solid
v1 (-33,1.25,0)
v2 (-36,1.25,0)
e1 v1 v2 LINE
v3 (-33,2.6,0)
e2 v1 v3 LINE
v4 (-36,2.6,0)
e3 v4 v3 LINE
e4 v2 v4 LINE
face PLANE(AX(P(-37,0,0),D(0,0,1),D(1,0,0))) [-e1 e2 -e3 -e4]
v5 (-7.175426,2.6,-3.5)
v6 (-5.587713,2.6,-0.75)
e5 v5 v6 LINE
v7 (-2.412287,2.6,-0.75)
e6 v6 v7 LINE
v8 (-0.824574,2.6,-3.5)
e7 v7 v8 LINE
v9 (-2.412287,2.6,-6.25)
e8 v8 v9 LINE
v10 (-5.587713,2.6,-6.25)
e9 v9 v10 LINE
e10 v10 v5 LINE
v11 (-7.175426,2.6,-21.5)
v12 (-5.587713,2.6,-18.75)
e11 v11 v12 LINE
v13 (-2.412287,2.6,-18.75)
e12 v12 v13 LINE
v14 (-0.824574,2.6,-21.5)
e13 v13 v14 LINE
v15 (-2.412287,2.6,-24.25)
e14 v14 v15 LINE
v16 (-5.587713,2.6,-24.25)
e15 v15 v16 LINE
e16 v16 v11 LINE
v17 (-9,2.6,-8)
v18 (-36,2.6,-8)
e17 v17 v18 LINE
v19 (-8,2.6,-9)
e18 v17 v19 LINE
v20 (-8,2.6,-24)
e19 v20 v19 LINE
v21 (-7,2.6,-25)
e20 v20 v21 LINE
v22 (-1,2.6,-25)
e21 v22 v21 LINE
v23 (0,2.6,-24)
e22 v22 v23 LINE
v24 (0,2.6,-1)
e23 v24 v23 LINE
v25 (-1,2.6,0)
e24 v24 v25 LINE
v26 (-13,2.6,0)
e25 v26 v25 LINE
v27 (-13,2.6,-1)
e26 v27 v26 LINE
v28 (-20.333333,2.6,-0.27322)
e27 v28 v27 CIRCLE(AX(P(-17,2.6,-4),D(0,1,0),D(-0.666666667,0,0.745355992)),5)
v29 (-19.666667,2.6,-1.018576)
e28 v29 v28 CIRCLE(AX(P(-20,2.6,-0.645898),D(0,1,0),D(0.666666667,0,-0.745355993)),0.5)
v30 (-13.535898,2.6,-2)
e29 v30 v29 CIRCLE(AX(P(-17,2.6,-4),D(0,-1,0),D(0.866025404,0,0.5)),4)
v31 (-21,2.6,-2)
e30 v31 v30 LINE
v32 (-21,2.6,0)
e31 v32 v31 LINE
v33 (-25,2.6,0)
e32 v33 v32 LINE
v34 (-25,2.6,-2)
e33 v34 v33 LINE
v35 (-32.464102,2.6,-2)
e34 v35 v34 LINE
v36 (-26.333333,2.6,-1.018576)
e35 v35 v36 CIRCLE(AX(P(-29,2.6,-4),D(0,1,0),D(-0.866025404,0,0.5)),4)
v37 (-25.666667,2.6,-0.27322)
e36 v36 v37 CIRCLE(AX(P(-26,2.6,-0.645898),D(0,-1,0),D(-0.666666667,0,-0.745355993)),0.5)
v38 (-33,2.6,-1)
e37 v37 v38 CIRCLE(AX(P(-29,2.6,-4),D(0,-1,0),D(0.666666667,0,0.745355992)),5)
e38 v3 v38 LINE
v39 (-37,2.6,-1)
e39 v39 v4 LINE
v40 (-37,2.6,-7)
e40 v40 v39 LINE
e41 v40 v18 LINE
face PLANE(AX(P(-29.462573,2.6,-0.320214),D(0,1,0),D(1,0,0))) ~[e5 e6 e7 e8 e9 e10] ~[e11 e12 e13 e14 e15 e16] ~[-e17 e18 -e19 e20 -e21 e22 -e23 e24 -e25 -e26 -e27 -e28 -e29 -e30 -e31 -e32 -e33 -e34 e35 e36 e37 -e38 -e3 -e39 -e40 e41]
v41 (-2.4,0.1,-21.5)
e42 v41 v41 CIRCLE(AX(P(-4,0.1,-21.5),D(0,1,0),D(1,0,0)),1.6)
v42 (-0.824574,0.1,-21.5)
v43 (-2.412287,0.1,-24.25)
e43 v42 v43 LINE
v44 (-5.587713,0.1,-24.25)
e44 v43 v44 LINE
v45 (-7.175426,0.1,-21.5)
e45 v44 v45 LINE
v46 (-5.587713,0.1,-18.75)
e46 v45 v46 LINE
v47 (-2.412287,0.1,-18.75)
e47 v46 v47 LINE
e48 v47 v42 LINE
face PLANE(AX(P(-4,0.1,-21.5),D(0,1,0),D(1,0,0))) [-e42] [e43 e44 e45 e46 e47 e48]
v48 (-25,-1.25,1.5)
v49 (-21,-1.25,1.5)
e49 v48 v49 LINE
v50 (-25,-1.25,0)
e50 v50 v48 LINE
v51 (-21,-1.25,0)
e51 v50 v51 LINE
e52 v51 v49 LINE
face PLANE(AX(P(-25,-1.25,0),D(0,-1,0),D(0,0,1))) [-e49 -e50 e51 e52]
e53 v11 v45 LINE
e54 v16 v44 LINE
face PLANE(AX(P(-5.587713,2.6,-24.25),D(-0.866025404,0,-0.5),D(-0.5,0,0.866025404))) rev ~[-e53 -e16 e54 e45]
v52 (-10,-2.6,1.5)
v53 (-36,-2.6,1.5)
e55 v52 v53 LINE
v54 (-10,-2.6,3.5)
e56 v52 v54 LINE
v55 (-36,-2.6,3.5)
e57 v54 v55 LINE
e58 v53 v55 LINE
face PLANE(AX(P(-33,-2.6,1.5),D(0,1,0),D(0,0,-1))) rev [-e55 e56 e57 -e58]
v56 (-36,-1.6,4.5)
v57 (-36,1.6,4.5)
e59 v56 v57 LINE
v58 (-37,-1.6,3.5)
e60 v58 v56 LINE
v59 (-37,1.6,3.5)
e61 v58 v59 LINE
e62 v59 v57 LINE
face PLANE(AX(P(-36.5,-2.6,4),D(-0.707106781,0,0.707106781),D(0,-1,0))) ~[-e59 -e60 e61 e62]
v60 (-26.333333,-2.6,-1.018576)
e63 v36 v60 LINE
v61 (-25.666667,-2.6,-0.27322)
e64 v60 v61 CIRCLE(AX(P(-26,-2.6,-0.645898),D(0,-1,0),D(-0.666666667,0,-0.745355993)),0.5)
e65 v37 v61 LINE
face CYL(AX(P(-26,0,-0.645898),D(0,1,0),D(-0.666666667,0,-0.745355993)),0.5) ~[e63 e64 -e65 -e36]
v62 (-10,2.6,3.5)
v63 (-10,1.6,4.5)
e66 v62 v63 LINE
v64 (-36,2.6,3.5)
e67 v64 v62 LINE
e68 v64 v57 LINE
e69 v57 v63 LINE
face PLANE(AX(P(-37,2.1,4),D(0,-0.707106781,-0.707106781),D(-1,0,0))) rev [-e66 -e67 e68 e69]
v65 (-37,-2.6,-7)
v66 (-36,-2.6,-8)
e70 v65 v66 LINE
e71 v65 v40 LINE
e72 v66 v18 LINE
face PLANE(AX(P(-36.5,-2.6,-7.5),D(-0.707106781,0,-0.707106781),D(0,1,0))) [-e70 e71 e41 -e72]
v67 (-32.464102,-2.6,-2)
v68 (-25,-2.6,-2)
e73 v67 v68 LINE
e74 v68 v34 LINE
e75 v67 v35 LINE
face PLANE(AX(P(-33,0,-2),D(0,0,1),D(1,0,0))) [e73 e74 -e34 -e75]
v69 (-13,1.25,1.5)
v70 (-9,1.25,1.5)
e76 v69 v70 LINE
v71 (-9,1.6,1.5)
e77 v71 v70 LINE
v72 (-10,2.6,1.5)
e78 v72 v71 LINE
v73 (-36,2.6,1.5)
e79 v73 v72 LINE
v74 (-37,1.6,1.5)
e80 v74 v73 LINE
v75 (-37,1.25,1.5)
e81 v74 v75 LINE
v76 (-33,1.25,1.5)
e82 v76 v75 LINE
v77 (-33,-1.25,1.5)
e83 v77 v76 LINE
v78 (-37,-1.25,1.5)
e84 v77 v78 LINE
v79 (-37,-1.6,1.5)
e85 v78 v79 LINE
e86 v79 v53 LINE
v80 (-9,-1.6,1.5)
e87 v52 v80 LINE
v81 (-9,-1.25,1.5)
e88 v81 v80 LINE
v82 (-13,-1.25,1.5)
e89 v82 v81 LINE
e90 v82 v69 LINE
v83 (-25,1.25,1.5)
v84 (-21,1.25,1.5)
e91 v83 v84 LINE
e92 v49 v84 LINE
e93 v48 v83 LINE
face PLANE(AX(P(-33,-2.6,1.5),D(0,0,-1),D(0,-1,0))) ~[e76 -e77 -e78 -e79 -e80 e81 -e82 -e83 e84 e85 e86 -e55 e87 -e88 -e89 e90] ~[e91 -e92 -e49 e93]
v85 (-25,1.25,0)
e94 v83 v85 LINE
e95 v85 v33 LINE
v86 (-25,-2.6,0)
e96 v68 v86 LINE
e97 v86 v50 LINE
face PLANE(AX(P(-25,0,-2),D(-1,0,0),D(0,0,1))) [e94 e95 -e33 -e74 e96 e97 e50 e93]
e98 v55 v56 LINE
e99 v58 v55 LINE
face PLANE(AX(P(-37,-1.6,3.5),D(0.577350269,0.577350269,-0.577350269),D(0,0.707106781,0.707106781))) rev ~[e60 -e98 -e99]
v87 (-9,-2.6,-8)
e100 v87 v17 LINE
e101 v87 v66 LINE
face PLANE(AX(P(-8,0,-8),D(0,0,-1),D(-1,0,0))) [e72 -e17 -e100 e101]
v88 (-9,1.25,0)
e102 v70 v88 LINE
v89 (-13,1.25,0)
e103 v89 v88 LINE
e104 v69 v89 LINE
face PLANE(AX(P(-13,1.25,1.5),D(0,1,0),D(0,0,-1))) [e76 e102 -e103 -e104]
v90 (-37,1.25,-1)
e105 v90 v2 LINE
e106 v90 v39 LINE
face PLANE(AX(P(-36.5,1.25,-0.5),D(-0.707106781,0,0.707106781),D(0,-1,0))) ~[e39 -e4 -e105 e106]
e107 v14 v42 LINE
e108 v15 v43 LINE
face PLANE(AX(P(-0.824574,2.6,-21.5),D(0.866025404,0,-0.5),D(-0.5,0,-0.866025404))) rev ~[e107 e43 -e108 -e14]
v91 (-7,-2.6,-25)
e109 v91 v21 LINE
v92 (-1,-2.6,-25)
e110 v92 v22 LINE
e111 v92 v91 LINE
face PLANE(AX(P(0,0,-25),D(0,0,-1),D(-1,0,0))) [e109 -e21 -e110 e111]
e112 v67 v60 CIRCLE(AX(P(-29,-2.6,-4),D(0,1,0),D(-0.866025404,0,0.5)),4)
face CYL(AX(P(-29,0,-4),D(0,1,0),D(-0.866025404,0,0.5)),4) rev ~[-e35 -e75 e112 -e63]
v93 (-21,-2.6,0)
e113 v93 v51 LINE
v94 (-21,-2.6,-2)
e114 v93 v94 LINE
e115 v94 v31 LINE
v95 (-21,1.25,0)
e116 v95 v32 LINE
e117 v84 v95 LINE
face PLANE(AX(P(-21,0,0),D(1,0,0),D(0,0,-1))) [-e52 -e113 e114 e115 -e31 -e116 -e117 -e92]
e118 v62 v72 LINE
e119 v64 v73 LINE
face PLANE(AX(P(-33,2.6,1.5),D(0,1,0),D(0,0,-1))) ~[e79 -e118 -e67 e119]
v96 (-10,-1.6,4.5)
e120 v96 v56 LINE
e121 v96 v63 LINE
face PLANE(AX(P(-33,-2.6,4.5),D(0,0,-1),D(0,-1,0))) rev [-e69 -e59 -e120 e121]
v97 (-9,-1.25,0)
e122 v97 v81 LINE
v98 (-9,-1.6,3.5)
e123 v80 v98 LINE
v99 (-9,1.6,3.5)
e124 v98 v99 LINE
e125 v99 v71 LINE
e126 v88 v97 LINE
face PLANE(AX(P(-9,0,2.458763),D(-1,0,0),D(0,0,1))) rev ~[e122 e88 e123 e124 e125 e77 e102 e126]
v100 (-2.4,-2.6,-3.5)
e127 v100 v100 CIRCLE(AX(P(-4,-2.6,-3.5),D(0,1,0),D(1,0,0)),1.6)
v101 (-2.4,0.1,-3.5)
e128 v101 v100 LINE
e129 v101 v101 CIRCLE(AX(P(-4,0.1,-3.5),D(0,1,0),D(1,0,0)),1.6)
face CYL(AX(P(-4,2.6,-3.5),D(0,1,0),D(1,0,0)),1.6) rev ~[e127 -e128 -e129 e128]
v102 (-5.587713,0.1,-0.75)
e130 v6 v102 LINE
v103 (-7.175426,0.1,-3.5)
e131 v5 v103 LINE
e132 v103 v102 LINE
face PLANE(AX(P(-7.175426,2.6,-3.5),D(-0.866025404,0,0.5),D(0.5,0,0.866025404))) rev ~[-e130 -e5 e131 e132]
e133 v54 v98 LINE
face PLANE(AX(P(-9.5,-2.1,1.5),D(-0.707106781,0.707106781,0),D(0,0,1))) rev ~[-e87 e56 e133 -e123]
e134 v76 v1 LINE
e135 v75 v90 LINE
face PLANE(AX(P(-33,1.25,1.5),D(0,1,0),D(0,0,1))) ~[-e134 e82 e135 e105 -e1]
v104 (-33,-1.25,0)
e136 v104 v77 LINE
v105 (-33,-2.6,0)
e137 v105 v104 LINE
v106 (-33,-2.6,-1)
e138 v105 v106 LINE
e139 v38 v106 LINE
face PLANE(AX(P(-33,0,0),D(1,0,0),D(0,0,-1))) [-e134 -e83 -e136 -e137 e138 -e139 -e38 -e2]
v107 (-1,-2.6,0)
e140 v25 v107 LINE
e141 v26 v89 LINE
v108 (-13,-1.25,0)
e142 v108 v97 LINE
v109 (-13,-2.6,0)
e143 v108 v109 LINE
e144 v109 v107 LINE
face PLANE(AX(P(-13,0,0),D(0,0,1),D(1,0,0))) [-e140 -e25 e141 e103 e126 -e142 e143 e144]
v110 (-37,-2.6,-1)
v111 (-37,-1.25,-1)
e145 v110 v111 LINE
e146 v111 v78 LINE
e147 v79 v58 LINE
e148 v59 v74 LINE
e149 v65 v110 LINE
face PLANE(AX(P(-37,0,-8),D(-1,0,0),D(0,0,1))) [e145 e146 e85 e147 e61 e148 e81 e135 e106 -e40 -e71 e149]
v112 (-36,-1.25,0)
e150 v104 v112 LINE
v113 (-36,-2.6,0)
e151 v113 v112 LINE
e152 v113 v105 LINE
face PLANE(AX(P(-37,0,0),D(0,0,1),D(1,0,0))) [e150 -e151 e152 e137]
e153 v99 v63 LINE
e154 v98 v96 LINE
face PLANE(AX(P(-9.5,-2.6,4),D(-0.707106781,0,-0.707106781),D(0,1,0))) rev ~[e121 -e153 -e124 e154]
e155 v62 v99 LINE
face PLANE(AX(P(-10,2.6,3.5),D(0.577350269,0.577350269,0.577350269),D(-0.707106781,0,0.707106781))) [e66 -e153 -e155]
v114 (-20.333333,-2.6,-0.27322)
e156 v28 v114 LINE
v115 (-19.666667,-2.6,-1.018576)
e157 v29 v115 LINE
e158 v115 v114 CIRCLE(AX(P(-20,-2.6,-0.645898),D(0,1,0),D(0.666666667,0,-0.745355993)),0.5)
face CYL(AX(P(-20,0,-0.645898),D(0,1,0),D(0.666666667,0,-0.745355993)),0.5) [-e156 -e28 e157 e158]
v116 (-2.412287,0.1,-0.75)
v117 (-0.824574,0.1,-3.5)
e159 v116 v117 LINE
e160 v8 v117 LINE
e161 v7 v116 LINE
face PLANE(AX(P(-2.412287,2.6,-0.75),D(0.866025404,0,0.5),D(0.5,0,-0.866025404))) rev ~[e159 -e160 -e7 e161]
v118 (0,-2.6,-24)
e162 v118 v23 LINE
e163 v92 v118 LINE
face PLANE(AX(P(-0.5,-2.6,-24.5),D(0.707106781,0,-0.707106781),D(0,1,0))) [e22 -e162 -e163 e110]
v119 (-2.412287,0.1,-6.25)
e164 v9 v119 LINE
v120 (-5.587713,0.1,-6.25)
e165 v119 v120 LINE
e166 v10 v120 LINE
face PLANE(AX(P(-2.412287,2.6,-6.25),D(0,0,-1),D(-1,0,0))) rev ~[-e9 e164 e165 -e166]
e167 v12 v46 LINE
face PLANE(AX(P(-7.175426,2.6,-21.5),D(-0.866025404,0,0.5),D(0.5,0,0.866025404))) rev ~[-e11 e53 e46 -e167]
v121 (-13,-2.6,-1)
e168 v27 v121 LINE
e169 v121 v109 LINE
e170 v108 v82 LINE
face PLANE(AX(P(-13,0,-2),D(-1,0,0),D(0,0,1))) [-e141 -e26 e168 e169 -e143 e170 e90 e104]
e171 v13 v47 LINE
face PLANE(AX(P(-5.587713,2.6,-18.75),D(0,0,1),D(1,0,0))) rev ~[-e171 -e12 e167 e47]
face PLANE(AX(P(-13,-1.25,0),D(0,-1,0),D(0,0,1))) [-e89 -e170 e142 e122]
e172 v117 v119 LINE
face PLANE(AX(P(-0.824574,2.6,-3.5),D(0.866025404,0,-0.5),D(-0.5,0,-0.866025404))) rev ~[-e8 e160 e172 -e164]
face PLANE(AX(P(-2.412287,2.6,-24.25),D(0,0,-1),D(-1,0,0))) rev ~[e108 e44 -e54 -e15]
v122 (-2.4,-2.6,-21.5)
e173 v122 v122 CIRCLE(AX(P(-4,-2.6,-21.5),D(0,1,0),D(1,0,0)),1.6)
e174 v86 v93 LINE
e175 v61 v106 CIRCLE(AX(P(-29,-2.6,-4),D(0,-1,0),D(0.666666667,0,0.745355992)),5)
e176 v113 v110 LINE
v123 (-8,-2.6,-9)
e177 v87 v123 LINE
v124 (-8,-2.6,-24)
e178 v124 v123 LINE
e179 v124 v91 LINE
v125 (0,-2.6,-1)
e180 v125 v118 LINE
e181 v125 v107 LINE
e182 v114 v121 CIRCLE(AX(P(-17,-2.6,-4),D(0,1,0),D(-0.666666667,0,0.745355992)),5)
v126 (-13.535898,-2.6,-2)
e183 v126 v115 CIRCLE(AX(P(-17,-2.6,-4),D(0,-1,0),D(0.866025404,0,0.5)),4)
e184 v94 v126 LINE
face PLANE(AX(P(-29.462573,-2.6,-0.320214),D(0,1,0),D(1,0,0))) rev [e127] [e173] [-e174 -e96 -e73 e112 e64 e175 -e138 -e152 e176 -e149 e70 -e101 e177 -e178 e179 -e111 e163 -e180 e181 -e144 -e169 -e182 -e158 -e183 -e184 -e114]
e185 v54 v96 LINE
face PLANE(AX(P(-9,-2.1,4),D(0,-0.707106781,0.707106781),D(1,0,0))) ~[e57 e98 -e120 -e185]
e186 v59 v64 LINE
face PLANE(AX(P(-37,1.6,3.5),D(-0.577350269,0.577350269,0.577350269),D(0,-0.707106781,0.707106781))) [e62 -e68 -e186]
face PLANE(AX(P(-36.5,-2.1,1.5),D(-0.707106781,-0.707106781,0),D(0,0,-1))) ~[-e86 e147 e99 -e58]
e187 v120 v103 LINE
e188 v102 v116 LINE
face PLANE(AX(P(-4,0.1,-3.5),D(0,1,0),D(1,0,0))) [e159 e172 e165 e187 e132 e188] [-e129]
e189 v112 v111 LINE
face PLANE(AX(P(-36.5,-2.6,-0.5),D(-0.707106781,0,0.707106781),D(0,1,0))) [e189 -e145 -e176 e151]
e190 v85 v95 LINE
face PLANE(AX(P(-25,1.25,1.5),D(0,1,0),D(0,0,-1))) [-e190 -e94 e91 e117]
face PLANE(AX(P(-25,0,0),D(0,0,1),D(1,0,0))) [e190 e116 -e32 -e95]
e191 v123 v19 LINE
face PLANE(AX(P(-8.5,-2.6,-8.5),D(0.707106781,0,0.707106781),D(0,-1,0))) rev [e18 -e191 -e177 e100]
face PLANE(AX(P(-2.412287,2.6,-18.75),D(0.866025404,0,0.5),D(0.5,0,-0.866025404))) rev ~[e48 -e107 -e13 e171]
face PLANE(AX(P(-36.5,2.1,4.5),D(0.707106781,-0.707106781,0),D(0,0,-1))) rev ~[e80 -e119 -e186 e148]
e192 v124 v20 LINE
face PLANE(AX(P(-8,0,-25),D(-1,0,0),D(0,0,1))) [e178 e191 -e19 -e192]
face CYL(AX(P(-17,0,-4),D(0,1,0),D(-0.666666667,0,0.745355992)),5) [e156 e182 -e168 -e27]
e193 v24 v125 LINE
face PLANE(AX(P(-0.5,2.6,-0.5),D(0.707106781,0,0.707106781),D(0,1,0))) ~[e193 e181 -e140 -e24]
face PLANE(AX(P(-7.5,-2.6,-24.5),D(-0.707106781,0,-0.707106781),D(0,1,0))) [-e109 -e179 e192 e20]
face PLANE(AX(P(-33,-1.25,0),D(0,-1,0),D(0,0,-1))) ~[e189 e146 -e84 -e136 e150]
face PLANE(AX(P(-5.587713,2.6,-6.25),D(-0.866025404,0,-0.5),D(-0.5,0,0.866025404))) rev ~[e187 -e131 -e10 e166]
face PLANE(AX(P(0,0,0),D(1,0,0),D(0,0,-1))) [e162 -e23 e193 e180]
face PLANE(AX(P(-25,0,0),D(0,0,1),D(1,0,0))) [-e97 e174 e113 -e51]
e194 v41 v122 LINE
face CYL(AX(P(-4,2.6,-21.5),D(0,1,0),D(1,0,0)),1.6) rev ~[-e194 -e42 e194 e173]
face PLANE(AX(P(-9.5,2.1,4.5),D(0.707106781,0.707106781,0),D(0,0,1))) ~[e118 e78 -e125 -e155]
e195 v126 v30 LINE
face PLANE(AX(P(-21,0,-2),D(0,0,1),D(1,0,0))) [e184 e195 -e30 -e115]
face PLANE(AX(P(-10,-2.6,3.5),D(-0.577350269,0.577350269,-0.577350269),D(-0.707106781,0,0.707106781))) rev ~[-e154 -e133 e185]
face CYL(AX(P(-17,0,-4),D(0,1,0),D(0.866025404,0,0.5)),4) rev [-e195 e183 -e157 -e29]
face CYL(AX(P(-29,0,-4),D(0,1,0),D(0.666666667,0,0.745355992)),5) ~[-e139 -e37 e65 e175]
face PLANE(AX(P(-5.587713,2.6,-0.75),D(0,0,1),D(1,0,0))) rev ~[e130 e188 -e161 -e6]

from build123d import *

# Parameters (mm, degrees)
BOSS_EXTRUDE1_DEPTH = 2.6
BOSS_EXTRUDE2_DEPTH = 4
BOSS_EXTRUDE3_DEPTH = 4
SKETCH4_W           = 3
SKETCH4_H           = 5.2
BOSS_EXTRUDE4_DEPTH = 8
BOSS_EXTRUDE5_DEPTH = 2.6
SKETCH6_R           = 1.6
CUT_EXTRUDE1_DEPTH  = 6.2
CUT_EXTRUDE2_DEPTH  = 2.5
CHAMFER1_SIZE       = 1


with BuildPart() as part:
    # Sketch1 → Boss-Extrude1 (new body, symmetric)
    with BuildSketch(Plane(origin=(0, 0, 0), x_dir=(1, 0, 0), z_dir=(0, 1, 0))):
        Polygon((0, 0), (0, 25), (-8, 25), (-8, 8), (-37, 8), (-37, 0), (-33, 0), (-33, 2), (-25, 2), (-25, 0), (-21, 0), (-21, 2), (-13, 2), (-13, 0), align=None)
    extrude(amount=BOSS_EXTRUDE1_DEPTH, both=True)

    # Sketch2 → Boss-Extrude2 (add)
    with BuildSketch(Plane.ZY.offset(13)):
        Polygon((1.5, -1.25), (1.5, -2.6), (4.5, -2.6), (4.5, 2.6), (1.5, 2.6), (1.5, 1.25), (0, 1.25), (0, -1.25), align=None)
    boss_extrude2 = extrude(amount=-BOSS_EXTRUDE2_DEPTH)

    # Sketch3 → Boss-Extrude3 (add)
    with BuildSketch(Plane.ZY.offset(25)):
        Polygon((0, 1.25), (0, -1.25), (1.5, -1.25), (1.5, -2.6), (4.5, -2.6), (4.5, 2.6), (1.5, 2.6), (1.5, 1.25), align=None)
    extrude(amount=-BOSS_EXTRUDE3_DEPTH)

    # Sketch4 → Boss-Extrude4 (add)
    with BuildSketch(Plane.ZY.offset(13)):
        with Locations((3, 0)):
            Rectangle(SKETCH4_W, SKETCH4_H)
    boss_extrude4 = extrude(amount=BOSS_EXTRUDE4_DEPTH)

    # Sketch5 → Boss-Extrude5 (add, symmetric)
    with BuildSketch(Plane(origin=(0, 0, 0), x_dir=(1, 0, 0), z_dir=(0, 1, 0))):
        with BuildLine():
            Line((-13, 1), (-13, 2))
            Line((-13, 2), (-13.535898385, 2))
            ThreePointArc((-13.535898385, 2), (-16.36772326, 0.050287843), (-19.666666667, 1.01857603))
            ThreePointArc((-19.666666667, 1.01857603), (-20.372677996, 0.979231367), (-20.333333333, 0.273220038))
            ThreePointArc((-20.333333333, 0.273220038), (-16.506884, -0.975624243), (-13, 1))
        make_face()
    boss_extrude5 = extrude(amount=BOSS_EXTRUDE5_DEPTH, both=True)

    # Mirror1: Boss-Extrude2, Boss-Extrude4, Boss-Extrude5 across plane
    add(boss_extrude2.mirror(Plane.ZY.offset(23)))
    add(boss_extrude4.mirror(Plane.ZY.offset(23)))
    add(boss_extrude5.mirror(Plane.ZY.offset(23)))

    # Sketch6 → Cut-Extrude1 (cut, through all)
    with BuildSketch(Plane(origin=(0, 2.6, 0), x_dir=(1, 0, 0), z_dir=(0, 1, 0))):
        with Locations((-4, 21.5)):
            Circle(SKETCH6_R)
        with Locations((-4, 3.5)):
            Circle(SKETCH6_R)
    extrude(amount=-CUT_EXTRUDE1_DEPTH, mode=Mode.SUBTRACT)

    # Sketch7 → Cut-Extrude2 (cut)
    with BuildSketch(Plane(origin=(0, 2.6, 0), x_dir=(1, 0, 0), z_dir=(0, 1, 0))):
        Polygon((-0.824573519, 3.5), (-2.41228676, 6.25), (-5.58771324, 6.25), (-7.175426481, 3.5), (-5.58771324, 0.75), (-2.41228676, 0.75), align=None)
        Polygon((-0.824573519, 21.5), (-2.41228676, 24.25), (-5.58771324, 24.25), (-7.175426481, 21.5), (-5.58771324, 18.75), (-2.41228676, 18.75), align=None)
    extrude(amount=-CUT_EXTRUDE2_DEPTH, mode=Mode.SUBTRACT)

    # Chamfer1
    chamfer1_edges = [part.edges().sort_by_distance(p)[0] for p in [
        (-9, 0, 4.5),
        (-9, -2.6, 3),
        (-23, -2.6, 4.5),
        (-9, 2.6, 3),
        (-23, 2.6, 4.5),
        (-37, -2.6, 3),
        (-37, 2.6, 3),
        (-37, 0, 4.5),
        (-37, 1.925, 0),
        (-37, -1.925, 0),
        (-37, 0, -8),
        (-8, 0, -8),
        (0, 0, 0),
        (0, 0, -25),
        (-8, 0, -25),
    ]]
    chamfer(chamfer1_edges, length=CHAMFER1_SIZE)


solid = part.part
